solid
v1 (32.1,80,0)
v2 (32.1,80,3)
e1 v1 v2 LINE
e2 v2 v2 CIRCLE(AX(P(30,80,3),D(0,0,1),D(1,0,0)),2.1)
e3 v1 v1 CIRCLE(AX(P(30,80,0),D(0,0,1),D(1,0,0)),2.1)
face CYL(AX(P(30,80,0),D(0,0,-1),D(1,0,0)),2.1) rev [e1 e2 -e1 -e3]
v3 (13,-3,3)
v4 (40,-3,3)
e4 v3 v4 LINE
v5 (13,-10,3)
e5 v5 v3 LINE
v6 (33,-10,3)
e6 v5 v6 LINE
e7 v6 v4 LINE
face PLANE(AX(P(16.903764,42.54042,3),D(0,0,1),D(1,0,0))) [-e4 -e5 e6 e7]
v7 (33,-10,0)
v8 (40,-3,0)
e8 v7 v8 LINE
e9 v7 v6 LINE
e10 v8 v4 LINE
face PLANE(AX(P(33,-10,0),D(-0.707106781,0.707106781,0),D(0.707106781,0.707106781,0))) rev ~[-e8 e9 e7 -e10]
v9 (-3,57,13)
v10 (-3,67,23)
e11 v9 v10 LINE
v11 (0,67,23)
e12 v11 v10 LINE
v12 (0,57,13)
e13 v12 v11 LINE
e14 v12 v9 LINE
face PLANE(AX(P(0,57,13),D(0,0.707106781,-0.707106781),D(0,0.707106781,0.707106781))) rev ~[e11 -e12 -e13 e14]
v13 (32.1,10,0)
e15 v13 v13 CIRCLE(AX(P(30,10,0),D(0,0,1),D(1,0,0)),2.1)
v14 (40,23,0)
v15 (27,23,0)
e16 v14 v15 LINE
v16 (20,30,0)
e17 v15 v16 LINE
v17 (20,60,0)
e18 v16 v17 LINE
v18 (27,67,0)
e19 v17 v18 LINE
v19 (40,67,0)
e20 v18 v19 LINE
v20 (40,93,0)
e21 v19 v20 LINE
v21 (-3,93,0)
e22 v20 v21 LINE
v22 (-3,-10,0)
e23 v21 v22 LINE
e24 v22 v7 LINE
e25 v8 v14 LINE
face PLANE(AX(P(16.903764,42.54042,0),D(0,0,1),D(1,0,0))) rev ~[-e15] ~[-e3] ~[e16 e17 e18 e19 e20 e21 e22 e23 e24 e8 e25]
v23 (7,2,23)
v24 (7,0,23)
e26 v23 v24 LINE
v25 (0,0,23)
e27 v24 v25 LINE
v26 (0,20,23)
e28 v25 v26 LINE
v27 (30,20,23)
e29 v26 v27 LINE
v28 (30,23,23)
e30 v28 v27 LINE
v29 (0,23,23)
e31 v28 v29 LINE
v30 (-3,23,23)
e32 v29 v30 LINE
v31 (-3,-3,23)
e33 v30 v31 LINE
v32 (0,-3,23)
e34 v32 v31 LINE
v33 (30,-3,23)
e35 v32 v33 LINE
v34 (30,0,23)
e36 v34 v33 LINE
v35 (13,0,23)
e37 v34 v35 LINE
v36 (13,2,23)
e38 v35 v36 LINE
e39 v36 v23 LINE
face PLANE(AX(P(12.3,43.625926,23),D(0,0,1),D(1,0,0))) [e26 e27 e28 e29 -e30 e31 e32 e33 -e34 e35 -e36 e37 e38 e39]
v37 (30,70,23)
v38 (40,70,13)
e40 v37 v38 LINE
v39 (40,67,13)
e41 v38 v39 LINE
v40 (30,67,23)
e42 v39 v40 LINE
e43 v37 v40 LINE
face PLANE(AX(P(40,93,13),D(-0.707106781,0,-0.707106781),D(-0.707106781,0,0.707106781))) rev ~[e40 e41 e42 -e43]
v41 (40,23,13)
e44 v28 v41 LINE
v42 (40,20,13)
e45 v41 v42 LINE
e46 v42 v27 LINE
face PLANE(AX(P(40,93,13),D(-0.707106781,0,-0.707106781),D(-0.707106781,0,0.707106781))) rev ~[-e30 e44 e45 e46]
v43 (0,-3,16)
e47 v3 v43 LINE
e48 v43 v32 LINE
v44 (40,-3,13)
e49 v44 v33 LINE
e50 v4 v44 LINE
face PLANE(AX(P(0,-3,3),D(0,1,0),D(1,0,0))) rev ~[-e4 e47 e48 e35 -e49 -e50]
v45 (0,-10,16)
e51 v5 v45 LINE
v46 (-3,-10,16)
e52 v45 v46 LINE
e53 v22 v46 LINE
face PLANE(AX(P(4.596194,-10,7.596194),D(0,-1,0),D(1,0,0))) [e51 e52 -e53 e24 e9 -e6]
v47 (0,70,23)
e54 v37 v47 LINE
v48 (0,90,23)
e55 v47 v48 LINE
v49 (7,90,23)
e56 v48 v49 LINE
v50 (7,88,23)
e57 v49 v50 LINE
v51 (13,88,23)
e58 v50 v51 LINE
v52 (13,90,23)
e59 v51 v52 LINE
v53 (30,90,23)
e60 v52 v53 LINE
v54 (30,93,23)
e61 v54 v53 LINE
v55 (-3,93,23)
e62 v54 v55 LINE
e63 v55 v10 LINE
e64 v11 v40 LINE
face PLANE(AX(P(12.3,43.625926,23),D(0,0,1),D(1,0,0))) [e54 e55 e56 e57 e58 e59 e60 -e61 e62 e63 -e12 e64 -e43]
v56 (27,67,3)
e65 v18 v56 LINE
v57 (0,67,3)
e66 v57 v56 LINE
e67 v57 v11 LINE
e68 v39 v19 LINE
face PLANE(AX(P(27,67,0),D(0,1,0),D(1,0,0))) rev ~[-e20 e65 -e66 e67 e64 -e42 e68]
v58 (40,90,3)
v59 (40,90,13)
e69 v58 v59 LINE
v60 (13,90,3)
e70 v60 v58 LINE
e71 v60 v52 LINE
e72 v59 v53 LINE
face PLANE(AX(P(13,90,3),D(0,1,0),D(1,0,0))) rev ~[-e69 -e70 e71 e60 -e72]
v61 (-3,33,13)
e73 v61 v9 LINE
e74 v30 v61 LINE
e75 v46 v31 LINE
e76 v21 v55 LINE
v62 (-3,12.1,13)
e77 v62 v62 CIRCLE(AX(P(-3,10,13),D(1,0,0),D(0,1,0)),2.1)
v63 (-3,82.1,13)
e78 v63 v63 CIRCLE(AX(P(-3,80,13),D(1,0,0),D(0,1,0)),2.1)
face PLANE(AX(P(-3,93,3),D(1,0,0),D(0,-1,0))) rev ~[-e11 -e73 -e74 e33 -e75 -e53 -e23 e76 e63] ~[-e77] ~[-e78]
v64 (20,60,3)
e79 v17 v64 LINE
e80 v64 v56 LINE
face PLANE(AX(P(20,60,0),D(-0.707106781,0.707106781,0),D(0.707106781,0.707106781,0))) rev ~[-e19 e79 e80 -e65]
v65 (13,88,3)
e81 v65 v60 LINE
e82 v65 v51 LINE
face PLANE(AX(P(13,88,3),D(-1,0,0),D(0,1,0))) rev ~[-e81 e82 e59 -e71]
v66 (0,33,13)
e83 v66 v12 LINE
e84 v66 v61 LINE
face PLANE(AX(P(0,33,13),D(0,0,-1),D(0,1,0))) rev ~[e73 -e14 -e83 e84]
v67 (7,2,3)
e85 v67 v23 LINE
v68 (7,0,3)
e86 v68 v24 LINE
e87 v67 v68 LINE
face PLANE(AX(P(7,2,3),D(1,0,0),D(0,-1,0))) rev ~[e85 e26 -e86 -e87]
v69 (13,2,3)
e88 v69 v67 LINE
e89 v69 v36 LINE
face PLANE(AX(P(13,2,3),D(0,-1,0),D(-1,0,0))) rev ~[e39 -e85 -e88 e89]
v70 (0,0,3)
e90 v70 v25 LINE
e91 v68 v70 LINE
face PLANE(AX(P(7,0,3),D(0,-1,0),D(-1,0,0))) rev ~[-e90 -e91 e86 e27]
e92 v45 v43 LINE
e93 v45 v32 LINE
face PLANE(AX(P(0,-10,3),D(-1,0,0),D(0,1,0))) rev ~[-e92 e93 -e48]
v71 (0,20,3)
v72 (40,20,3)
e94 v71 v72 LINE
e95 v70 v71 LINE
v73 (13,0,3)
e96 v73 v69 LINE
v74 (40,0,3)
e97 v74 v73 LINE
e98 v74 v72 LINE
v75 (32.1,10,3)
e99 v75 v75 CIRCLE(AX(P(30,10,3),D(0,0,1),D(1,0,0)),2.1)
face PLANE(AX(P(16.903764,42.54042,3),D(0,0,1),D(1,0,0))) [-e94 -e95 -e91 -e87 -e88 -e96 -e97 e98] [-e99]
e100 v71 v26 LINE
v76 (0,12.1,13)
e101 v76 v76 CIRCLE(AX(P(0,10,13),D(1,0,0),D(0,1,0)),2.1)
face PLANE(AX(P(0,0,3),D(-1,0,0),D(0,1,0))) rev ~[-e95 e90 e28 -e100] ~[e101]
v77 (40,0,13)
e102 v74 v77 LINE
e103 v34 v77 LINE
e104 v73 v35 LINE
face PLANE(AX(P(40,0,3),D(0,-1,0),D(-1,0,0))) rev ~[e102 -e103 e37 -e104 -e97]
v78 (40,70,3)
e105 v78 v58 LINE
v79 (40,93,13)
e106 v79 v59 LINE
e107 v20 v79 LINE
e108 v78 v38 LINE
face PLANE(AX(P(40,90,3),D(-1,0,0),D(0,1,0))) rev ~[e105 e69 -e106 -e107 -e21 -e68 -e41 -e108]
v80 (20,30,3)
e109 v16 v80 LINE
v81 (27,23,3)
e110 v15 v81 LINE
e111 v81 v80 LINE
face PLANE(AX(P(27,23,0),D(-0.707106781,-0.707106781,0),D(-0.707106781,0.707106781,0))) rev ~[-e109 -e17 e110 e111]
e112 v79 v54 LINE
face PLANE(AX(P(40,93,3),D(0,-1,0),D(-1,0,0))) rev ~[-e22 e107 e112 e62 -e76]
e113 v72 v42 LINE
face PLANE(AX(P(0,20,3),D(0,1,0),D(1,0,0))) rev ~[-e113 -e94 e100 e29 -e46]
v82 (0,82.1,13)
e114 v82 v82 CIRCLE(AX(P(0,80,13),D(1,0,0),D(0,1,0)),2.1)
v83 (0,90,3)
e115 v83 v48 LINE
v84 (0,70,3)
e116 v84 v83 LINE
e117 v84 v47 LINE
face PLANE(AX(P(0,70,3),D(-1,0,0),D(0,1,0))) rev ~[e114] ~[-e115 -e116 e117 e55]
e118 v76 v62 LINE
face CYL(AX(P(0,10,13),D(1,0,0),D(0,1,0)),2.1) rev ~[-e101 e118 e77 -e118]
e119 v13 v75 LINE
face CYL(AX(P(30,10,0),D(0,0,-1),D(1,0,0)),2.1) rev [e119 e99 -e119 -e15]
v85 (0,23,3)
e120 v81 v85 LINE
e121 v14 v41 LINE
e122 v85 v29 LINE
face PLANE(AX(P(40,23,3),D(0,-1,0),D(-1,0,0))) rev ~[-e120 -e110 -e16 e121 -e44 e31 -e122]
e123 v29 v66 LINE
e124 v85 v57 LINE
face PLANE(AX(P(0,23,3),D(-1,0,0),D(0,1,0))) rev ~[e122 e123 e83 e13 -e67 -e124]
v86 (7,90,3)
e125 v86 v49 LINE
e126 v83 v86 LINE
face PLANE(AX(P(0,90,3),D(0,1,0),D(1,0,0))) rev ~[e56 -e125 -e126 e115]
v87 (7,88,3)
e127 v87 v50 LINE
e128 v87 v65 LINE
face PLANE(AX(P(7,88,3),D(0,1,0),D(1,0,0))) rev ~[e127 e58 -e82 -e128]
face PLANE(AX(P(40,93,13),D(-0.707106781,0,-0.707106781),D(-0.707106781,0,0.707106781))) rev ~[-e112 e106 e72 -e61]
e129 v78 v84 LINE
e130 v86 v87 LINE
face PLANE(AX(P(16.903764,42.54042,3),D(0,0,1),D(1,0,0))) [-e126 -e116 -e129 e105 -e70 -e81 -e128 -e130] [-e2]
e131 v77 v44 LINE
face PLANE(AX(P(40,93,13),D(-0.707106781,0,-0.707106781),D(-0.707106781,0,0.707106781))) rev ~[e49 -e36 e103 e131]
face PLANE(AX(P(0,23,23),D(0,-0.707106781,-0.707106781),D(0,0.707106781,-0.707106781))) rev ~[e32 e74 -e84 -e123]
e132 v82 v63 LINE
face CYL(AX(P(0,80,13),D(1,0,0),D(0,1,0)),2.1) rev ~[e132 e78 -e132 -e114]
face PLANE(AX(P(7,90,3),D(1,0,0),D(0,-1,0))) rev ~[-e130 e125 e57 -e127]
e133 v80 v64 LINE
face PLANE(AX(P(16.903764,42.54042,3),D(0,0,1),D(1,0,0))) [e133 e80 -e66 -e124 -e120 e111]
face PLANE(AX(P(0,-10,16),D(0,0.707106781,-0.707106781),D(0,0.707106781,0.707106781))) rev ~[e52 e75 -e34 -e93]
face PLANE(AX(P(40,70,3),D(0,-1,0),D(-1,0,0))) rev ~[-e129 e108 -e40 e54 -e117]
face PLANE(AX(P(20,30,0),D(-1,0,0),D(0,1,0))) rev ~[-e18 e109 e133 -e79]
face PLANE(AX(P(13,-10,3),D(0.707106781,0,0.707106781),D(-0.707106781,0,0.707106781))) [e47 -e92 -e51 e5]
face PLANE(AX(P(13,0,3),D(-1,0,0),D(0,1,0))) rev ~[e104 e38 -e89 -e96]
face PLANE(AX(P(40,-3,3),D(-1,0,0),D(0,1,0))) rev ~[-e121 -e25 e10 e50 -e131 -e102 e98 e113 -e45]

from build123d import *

# Parameters (mm, degrees)
F0_R     = 2.1
F1_DEPTH = 3
F3_DEPTH = 20
F4_R     = 2.1
F5_DEPTH = 3
F7_DEPTH = 7
F9_DEPTH = 103.001


with BuildPart() as f1:
    # F0 (on Top) → F1 (new body)
    with BuildSketch(Plane.XY):
        Polygon((40, 67), (40, 93), (-3, 93), (-3, -10), (33, -10), (40, -3), (40, 23), (27, 23), (20, 30), (20, 60), (27, 67), align=None)
        with Locations((30, 10)):
            Circle(F0_R, mode=Mode.SUBTRACT)
        with Locations((30, 80)):
            Circle(F0_R, mode=Mode.SUBTRACT)
    extrude(amount=F1_DEPTH)

    # F2 (on face) → F3 (join)
    with BuildSketch(Plane.XY.offset(3)):
        Polygon((40, 90), (40, 93), (-3, 93), (-3, -10), (0, -10), (0, -3), (40, -3), (40, 0), (13, 0), (13, 2), (7, 2), (7, 0), (0, 0), (0, 20), (40, 20), (40, 23), (0, 23), (0, 67), (40, 67), (40, 70), (0, 70), (0, 90), (7, 90), (7, 88), (13, 88), (13, 90), align=None)
    extrude(amount=F3_DEPTH)

    # F4 (on face) → F5 (cut, through all)
    with BuildSketch(Plane.YZ):
        with Locations((10, 13)):
            Circle(F4_R)
        Polygon((67, 23), (23, 23), (33, 13), (57, 13), align=None)
        with Locations((80, 13)):
            Circle(F4_R)
        Polygon((-10, 16), (-3, 23), (-10, 23), align=None)
    extrude(amount=-F5_DEPTH, mode=Mode.SUBTRACT)

    # F6 (on face) → F7 (join, through all)
    with BuildSketch(Plane.XZ.offset(10)):
        Polygon((0, 16), (0, 3), (13, 3), align=None)
    extrude(amount=-F7_DEPTH)

    # F8 (on face) → F9 (cut, through all)
    with BuildSketch(Plane(origin=(0, 93, 0), x_dir=(-1, 0, 0), z_dir=(0, 1, 0))):
        Polygon((-30, 23), (-40, 23), (-40, 13), align=None)
    extrude(amount=-F9_DEPTH, mode=Mode.SUBTRACT)


solid = f1.part
